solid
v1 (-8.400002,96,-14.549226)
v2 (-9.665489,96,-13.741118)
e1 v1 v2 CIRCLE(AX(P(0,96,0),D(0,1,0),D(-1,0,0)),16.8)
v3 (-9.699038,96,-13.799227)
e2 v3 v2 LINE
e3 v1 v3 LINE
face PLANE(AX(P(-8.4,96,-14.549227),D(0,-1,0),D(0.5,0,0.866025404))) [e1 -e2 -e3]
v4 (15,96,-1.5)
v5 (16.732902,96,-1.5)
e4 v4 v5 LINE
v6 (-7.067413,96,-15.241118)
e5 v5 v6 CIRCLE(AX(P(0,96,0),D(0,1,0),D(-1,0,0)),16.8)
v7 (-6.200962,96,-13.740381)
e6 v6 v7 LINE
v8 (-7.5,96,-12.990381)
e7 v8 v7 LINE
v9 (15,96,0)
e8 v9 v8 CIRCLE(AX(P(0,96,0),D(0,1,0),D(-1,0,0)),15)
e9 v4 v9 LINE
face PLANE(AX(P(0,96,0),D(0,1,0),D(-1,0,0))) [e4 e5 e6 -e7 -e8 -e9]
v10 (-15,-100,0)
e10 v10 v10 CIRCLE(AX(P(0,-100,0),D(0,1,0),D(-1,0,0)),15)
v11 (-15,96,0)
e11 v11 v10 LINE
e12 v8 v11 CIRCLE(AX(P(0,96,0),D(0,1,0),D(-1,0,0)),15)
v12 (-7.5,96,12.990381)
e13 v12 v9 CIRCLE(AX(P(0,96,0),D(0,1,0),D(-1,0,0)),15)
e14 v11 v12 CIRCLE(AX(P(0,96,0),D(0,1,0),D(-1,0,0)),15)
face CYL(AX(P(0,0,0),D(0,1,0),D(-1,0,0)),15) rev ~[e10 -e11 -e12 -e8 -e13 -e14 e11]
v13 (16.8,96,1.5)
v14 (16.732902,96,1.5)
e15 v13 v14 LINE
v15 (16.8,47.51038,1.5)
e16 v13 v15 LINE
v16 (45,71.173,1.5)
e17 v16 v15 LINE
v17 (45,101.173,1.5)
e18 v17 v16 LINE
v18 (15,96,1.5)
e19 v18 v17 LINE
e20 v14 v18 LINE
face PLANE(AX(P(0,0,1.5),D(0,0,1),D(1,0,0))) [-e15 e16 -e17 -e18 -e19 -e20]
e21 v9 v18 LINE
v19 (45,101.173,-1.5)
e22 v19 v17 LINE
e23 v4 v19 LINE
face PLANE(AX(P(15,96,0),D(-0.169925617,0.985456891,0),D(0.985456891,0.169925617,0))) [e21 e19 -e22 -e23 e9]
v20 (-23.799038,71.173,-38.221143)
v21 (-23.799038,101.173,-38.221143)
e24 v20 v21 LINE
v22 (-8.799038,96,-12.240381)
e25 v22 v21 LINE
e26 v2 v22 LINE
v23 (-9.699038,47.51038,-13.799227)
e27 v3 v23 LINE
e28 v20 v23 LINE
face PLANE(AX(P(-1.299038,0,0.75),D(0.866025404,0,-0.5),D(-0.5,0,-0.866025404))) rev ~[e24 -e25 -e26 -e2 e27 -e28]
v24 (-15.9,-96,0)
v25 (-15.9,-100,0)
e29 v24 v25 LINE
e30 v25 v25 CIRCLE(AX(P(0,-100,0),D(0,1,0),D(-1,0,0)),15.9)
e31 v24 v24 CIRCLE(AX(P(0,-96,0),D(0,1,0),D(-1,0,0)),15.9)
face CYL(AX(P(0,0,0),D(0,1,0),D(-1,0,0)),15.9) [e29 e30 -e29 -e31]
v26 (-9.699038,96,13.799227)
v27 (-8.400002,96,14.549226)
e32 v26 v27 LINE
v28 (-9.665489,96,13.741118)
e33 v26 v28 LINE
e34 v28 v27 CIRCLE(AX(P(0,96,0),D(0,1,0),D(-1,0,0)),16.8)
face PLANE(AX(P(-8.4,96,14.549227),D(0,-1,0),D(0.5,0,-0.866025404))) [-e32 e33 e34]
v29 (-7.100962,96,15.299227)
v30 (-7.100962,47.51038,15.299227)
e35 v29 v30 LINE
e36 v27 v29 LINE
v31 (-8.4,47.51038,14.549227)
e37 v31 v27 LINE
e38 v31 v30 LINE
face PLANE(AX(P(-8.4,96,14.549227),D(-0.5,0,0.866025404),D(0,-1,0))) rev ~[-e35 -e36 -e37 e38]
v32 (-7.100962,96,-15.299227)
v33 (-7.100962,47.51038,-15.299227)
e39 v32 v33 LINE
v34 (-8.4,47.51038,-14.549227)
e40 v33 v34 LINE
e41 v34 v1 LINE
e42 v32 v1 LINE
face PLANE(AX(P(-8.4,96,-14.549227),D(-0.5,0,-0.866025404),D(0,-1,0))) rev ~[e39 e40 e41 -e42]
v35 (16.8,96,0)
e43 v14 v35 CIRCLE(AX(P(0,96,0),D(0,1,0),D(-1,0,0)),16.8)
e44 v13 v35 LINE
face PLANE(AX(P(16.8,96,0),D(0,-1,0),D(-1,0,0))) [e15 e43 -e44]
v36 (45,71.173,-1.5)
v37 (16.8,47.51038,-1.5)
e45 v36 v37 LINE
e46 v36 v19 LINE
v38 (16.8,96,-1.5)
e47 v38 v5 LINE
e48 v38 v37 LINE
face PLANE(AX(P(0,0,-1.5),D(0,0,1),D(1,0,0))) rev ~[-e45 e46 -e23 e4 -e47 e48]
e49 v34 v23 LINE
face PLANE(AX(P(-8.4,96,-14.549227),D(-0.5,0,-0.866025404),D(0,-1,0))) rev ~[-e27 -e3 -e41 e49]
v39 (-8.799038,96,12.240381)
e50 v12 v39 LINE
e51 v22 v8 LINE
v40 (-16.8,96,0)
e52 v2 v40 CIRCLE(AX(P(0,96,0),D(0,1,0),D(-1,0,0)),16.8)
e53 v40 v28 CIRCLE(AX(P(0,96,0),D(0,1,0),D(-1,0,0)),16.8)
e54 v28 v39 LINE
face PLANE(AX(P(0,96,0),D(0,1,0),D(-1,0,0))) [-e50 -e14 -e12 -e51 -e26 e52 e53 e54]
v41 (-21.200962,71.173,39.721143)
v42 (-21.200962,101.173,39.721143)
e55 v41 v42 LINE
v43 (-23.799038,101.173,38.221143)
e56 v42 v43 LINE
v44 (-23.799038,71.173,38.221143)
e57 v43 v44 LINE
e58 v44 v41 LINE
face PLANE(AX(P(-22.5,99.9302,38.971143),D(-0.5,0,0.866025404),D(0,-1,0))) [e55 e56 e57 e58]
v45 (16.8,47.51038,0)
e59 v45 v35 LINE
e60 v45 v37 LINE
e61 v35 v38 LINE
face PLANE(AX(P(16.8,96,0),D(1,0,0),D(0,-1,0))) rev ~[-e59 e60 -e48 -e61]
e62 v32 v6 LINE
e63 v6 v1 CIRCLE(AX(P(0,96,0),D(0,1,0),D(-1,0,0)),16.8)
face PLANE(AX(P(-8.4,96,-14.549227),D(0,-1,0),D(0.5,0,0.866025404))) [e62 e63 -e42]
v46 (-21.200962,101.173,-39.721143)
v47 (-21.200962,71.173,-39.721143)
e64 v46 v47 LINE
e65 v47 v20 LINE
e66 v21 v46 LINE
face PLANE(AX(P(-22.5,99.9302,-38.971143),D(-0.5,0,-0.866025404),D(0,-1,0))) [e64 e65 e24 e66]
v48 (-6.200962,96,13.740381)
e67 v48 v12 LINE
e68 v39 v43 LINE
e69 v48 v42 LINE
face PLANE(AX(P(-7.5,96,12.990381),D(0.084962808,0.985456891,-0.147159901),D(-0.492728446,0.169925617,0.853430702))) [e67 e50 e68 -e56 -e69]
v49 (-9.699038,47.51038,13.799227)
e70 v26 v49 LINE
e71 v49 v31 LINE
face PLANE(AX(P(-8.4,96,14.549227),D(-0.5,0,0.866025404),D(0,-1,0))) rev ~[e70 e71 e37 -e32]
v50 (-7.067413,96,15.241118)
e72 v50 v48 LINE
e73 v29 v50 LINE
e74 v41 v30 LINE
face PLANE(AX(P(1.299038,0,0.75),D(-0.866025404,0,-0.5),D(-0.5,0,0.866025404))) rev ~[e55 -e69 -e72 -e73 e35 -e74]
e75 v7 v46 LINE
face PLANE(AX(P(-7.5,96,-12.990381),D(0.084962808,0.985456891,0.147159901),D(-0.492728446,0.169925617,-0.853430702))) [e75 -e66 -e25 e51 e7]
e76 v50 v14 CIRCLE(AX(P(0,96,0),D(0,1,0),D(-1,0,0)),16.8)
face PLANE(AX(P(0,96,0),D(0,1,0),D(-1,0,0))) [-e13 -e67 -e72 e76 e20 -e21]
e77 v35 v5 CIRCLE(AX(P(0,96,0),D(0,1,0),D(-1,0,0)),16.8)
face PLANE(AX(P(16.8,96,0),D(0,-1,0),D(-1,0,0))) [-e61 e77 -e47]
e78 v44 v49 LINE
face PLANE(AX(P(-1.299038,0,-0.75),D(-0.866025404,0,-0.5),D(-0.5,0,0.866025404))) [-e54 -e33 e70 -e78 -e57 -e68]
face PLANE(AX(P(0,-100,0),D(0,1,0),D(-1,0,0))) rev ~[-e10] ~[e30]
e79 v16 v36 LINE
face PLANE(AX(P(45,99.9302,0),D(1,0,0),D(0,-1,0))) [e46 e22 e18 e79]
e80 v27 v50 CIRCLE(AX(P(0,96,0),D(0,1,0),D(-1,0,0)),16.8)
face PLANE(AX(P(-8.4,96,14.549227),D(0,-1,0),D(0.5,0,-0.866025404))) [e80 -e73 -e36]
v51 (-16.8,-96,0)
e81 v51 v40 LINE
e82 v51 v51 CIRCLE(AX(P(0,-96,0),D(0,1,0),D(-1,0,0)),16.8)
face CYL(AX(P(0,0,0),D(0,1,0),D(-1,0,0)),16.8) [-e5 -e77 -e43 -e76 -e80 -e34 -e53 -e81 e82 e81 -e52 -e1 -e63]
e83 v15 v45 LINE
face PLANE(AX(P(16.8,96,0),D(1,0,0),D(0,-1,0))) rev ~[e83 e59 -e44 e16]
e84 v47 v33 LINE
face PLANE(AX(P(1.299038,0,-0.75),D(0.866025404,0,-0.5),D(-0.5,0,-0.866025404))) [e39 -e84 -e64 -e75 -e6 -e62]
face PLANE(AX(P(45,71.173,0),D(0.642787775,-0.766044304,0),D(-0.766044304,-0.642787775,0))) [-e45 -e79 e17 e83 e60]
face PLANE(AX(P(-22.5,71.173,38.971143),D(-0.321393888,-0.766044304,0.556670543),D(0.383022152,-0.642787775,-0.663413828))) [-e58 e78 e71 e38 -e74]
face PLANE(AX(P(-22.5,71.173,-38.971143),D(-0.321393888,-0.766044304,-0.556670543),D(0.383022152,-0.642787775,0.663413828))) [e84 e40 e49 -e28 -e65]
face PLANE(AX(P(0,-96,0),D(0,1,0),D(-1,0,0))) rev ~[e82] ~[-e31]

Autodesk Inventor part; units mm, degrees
ref_plane "YZ Plane" through (0, 0, 0) normal (1, 0, 0) x (0, 1, 0)
ref_plane "XZ Plane" through (0, 0, 0) normal (0, 1, 0) x (-1, 0, 0)
ref_plane "XY Plane" through (0, 0, 0) normal (0, 0, 1) x (1, 0, 0)
sketch "Sketch1" plane through (0, 0, 0) normal (0, 1, 0) x (-1, 0, 0)
  circle A0 centre (0, 0) radius 15
  circle A1 centre (0, 0) radius 15.9
  circle A2 centre (0, 0) radius 16.8
  dimension "d0" = 30
  dimension "d1" = 31.8
  dimension "d2" = 33.6
extrude "Extrusion1" add sketch "Sketch1" along normal blind 96 and the other way blind 100 contours A1
extrude "Extrusion2" add sketch "Sketch1" along normal blind 96 and the other way blind 96 contours A2
sketch "Sketch4" plane through (0, 0, 0) normal (0, 0, 1) x (1, 0, 0)
  line L0 (45, 99.9302) -> (45, 71.173)
  line L1 (45, 71.173) -> (15, 46)
  line L2 (15, 46) -> (15, 96)
  line L3 (15, 96) -> (45, 101.173)
  line L4 (45, 101.173) -> (45, 99.9302)
  line L5 (-15, 96) -> (15, 96) projected
  line L6 (16.8, 96) -> (-16.8, 96) projected
  line L7 (-15, 96) -> (15, 96) projected
  line L8 (15.9, -100) -> (15, -100) projected
  line L9 (15, -100) -> (15, 96) projected
  line L10 (15, 96) -> (16.8, 96) projected
  line L11 (16.8, 96) -> (16.8, -96) projected
  line L12 (16.8, -96) -> (15.9, -96) projected
  line L13 (-15, -100) -> (-15.9, -100) projected
  line L14 (-16.8, -96) -> (-16.8, 96) projected
  line L15 (-16.8, 96) -> (-15, 96) projected
  line L16 (-15, 96) -> (-15, -100) projected
  line L17 (-15.9, -96) -> (-16.8, -96) projected
  line L18 (15.9, -96) -> (15.9, -100) projected
  line L19 (-15.9, -100) -> (-15.9, -96) projected
  point P0 (0, 0)
  point P1 (16.8, 47.5104)
  dimension "d18" = 50
  dimension "d21" = 50
  dimension "d24" = 30
  dimension "d25" = 30
extrude "Extrusion4" add sketch "Sketch4" along normal mid plane 3 contours L0 L1 L11 L6 L3 L4
pattern_circular "Circular Pattern2" count 3 over 360 about axis through (0, -10, 0) along (0, 1, 0) of "Extrusion4"
properties part number "tail" material "ABS Plastic"
